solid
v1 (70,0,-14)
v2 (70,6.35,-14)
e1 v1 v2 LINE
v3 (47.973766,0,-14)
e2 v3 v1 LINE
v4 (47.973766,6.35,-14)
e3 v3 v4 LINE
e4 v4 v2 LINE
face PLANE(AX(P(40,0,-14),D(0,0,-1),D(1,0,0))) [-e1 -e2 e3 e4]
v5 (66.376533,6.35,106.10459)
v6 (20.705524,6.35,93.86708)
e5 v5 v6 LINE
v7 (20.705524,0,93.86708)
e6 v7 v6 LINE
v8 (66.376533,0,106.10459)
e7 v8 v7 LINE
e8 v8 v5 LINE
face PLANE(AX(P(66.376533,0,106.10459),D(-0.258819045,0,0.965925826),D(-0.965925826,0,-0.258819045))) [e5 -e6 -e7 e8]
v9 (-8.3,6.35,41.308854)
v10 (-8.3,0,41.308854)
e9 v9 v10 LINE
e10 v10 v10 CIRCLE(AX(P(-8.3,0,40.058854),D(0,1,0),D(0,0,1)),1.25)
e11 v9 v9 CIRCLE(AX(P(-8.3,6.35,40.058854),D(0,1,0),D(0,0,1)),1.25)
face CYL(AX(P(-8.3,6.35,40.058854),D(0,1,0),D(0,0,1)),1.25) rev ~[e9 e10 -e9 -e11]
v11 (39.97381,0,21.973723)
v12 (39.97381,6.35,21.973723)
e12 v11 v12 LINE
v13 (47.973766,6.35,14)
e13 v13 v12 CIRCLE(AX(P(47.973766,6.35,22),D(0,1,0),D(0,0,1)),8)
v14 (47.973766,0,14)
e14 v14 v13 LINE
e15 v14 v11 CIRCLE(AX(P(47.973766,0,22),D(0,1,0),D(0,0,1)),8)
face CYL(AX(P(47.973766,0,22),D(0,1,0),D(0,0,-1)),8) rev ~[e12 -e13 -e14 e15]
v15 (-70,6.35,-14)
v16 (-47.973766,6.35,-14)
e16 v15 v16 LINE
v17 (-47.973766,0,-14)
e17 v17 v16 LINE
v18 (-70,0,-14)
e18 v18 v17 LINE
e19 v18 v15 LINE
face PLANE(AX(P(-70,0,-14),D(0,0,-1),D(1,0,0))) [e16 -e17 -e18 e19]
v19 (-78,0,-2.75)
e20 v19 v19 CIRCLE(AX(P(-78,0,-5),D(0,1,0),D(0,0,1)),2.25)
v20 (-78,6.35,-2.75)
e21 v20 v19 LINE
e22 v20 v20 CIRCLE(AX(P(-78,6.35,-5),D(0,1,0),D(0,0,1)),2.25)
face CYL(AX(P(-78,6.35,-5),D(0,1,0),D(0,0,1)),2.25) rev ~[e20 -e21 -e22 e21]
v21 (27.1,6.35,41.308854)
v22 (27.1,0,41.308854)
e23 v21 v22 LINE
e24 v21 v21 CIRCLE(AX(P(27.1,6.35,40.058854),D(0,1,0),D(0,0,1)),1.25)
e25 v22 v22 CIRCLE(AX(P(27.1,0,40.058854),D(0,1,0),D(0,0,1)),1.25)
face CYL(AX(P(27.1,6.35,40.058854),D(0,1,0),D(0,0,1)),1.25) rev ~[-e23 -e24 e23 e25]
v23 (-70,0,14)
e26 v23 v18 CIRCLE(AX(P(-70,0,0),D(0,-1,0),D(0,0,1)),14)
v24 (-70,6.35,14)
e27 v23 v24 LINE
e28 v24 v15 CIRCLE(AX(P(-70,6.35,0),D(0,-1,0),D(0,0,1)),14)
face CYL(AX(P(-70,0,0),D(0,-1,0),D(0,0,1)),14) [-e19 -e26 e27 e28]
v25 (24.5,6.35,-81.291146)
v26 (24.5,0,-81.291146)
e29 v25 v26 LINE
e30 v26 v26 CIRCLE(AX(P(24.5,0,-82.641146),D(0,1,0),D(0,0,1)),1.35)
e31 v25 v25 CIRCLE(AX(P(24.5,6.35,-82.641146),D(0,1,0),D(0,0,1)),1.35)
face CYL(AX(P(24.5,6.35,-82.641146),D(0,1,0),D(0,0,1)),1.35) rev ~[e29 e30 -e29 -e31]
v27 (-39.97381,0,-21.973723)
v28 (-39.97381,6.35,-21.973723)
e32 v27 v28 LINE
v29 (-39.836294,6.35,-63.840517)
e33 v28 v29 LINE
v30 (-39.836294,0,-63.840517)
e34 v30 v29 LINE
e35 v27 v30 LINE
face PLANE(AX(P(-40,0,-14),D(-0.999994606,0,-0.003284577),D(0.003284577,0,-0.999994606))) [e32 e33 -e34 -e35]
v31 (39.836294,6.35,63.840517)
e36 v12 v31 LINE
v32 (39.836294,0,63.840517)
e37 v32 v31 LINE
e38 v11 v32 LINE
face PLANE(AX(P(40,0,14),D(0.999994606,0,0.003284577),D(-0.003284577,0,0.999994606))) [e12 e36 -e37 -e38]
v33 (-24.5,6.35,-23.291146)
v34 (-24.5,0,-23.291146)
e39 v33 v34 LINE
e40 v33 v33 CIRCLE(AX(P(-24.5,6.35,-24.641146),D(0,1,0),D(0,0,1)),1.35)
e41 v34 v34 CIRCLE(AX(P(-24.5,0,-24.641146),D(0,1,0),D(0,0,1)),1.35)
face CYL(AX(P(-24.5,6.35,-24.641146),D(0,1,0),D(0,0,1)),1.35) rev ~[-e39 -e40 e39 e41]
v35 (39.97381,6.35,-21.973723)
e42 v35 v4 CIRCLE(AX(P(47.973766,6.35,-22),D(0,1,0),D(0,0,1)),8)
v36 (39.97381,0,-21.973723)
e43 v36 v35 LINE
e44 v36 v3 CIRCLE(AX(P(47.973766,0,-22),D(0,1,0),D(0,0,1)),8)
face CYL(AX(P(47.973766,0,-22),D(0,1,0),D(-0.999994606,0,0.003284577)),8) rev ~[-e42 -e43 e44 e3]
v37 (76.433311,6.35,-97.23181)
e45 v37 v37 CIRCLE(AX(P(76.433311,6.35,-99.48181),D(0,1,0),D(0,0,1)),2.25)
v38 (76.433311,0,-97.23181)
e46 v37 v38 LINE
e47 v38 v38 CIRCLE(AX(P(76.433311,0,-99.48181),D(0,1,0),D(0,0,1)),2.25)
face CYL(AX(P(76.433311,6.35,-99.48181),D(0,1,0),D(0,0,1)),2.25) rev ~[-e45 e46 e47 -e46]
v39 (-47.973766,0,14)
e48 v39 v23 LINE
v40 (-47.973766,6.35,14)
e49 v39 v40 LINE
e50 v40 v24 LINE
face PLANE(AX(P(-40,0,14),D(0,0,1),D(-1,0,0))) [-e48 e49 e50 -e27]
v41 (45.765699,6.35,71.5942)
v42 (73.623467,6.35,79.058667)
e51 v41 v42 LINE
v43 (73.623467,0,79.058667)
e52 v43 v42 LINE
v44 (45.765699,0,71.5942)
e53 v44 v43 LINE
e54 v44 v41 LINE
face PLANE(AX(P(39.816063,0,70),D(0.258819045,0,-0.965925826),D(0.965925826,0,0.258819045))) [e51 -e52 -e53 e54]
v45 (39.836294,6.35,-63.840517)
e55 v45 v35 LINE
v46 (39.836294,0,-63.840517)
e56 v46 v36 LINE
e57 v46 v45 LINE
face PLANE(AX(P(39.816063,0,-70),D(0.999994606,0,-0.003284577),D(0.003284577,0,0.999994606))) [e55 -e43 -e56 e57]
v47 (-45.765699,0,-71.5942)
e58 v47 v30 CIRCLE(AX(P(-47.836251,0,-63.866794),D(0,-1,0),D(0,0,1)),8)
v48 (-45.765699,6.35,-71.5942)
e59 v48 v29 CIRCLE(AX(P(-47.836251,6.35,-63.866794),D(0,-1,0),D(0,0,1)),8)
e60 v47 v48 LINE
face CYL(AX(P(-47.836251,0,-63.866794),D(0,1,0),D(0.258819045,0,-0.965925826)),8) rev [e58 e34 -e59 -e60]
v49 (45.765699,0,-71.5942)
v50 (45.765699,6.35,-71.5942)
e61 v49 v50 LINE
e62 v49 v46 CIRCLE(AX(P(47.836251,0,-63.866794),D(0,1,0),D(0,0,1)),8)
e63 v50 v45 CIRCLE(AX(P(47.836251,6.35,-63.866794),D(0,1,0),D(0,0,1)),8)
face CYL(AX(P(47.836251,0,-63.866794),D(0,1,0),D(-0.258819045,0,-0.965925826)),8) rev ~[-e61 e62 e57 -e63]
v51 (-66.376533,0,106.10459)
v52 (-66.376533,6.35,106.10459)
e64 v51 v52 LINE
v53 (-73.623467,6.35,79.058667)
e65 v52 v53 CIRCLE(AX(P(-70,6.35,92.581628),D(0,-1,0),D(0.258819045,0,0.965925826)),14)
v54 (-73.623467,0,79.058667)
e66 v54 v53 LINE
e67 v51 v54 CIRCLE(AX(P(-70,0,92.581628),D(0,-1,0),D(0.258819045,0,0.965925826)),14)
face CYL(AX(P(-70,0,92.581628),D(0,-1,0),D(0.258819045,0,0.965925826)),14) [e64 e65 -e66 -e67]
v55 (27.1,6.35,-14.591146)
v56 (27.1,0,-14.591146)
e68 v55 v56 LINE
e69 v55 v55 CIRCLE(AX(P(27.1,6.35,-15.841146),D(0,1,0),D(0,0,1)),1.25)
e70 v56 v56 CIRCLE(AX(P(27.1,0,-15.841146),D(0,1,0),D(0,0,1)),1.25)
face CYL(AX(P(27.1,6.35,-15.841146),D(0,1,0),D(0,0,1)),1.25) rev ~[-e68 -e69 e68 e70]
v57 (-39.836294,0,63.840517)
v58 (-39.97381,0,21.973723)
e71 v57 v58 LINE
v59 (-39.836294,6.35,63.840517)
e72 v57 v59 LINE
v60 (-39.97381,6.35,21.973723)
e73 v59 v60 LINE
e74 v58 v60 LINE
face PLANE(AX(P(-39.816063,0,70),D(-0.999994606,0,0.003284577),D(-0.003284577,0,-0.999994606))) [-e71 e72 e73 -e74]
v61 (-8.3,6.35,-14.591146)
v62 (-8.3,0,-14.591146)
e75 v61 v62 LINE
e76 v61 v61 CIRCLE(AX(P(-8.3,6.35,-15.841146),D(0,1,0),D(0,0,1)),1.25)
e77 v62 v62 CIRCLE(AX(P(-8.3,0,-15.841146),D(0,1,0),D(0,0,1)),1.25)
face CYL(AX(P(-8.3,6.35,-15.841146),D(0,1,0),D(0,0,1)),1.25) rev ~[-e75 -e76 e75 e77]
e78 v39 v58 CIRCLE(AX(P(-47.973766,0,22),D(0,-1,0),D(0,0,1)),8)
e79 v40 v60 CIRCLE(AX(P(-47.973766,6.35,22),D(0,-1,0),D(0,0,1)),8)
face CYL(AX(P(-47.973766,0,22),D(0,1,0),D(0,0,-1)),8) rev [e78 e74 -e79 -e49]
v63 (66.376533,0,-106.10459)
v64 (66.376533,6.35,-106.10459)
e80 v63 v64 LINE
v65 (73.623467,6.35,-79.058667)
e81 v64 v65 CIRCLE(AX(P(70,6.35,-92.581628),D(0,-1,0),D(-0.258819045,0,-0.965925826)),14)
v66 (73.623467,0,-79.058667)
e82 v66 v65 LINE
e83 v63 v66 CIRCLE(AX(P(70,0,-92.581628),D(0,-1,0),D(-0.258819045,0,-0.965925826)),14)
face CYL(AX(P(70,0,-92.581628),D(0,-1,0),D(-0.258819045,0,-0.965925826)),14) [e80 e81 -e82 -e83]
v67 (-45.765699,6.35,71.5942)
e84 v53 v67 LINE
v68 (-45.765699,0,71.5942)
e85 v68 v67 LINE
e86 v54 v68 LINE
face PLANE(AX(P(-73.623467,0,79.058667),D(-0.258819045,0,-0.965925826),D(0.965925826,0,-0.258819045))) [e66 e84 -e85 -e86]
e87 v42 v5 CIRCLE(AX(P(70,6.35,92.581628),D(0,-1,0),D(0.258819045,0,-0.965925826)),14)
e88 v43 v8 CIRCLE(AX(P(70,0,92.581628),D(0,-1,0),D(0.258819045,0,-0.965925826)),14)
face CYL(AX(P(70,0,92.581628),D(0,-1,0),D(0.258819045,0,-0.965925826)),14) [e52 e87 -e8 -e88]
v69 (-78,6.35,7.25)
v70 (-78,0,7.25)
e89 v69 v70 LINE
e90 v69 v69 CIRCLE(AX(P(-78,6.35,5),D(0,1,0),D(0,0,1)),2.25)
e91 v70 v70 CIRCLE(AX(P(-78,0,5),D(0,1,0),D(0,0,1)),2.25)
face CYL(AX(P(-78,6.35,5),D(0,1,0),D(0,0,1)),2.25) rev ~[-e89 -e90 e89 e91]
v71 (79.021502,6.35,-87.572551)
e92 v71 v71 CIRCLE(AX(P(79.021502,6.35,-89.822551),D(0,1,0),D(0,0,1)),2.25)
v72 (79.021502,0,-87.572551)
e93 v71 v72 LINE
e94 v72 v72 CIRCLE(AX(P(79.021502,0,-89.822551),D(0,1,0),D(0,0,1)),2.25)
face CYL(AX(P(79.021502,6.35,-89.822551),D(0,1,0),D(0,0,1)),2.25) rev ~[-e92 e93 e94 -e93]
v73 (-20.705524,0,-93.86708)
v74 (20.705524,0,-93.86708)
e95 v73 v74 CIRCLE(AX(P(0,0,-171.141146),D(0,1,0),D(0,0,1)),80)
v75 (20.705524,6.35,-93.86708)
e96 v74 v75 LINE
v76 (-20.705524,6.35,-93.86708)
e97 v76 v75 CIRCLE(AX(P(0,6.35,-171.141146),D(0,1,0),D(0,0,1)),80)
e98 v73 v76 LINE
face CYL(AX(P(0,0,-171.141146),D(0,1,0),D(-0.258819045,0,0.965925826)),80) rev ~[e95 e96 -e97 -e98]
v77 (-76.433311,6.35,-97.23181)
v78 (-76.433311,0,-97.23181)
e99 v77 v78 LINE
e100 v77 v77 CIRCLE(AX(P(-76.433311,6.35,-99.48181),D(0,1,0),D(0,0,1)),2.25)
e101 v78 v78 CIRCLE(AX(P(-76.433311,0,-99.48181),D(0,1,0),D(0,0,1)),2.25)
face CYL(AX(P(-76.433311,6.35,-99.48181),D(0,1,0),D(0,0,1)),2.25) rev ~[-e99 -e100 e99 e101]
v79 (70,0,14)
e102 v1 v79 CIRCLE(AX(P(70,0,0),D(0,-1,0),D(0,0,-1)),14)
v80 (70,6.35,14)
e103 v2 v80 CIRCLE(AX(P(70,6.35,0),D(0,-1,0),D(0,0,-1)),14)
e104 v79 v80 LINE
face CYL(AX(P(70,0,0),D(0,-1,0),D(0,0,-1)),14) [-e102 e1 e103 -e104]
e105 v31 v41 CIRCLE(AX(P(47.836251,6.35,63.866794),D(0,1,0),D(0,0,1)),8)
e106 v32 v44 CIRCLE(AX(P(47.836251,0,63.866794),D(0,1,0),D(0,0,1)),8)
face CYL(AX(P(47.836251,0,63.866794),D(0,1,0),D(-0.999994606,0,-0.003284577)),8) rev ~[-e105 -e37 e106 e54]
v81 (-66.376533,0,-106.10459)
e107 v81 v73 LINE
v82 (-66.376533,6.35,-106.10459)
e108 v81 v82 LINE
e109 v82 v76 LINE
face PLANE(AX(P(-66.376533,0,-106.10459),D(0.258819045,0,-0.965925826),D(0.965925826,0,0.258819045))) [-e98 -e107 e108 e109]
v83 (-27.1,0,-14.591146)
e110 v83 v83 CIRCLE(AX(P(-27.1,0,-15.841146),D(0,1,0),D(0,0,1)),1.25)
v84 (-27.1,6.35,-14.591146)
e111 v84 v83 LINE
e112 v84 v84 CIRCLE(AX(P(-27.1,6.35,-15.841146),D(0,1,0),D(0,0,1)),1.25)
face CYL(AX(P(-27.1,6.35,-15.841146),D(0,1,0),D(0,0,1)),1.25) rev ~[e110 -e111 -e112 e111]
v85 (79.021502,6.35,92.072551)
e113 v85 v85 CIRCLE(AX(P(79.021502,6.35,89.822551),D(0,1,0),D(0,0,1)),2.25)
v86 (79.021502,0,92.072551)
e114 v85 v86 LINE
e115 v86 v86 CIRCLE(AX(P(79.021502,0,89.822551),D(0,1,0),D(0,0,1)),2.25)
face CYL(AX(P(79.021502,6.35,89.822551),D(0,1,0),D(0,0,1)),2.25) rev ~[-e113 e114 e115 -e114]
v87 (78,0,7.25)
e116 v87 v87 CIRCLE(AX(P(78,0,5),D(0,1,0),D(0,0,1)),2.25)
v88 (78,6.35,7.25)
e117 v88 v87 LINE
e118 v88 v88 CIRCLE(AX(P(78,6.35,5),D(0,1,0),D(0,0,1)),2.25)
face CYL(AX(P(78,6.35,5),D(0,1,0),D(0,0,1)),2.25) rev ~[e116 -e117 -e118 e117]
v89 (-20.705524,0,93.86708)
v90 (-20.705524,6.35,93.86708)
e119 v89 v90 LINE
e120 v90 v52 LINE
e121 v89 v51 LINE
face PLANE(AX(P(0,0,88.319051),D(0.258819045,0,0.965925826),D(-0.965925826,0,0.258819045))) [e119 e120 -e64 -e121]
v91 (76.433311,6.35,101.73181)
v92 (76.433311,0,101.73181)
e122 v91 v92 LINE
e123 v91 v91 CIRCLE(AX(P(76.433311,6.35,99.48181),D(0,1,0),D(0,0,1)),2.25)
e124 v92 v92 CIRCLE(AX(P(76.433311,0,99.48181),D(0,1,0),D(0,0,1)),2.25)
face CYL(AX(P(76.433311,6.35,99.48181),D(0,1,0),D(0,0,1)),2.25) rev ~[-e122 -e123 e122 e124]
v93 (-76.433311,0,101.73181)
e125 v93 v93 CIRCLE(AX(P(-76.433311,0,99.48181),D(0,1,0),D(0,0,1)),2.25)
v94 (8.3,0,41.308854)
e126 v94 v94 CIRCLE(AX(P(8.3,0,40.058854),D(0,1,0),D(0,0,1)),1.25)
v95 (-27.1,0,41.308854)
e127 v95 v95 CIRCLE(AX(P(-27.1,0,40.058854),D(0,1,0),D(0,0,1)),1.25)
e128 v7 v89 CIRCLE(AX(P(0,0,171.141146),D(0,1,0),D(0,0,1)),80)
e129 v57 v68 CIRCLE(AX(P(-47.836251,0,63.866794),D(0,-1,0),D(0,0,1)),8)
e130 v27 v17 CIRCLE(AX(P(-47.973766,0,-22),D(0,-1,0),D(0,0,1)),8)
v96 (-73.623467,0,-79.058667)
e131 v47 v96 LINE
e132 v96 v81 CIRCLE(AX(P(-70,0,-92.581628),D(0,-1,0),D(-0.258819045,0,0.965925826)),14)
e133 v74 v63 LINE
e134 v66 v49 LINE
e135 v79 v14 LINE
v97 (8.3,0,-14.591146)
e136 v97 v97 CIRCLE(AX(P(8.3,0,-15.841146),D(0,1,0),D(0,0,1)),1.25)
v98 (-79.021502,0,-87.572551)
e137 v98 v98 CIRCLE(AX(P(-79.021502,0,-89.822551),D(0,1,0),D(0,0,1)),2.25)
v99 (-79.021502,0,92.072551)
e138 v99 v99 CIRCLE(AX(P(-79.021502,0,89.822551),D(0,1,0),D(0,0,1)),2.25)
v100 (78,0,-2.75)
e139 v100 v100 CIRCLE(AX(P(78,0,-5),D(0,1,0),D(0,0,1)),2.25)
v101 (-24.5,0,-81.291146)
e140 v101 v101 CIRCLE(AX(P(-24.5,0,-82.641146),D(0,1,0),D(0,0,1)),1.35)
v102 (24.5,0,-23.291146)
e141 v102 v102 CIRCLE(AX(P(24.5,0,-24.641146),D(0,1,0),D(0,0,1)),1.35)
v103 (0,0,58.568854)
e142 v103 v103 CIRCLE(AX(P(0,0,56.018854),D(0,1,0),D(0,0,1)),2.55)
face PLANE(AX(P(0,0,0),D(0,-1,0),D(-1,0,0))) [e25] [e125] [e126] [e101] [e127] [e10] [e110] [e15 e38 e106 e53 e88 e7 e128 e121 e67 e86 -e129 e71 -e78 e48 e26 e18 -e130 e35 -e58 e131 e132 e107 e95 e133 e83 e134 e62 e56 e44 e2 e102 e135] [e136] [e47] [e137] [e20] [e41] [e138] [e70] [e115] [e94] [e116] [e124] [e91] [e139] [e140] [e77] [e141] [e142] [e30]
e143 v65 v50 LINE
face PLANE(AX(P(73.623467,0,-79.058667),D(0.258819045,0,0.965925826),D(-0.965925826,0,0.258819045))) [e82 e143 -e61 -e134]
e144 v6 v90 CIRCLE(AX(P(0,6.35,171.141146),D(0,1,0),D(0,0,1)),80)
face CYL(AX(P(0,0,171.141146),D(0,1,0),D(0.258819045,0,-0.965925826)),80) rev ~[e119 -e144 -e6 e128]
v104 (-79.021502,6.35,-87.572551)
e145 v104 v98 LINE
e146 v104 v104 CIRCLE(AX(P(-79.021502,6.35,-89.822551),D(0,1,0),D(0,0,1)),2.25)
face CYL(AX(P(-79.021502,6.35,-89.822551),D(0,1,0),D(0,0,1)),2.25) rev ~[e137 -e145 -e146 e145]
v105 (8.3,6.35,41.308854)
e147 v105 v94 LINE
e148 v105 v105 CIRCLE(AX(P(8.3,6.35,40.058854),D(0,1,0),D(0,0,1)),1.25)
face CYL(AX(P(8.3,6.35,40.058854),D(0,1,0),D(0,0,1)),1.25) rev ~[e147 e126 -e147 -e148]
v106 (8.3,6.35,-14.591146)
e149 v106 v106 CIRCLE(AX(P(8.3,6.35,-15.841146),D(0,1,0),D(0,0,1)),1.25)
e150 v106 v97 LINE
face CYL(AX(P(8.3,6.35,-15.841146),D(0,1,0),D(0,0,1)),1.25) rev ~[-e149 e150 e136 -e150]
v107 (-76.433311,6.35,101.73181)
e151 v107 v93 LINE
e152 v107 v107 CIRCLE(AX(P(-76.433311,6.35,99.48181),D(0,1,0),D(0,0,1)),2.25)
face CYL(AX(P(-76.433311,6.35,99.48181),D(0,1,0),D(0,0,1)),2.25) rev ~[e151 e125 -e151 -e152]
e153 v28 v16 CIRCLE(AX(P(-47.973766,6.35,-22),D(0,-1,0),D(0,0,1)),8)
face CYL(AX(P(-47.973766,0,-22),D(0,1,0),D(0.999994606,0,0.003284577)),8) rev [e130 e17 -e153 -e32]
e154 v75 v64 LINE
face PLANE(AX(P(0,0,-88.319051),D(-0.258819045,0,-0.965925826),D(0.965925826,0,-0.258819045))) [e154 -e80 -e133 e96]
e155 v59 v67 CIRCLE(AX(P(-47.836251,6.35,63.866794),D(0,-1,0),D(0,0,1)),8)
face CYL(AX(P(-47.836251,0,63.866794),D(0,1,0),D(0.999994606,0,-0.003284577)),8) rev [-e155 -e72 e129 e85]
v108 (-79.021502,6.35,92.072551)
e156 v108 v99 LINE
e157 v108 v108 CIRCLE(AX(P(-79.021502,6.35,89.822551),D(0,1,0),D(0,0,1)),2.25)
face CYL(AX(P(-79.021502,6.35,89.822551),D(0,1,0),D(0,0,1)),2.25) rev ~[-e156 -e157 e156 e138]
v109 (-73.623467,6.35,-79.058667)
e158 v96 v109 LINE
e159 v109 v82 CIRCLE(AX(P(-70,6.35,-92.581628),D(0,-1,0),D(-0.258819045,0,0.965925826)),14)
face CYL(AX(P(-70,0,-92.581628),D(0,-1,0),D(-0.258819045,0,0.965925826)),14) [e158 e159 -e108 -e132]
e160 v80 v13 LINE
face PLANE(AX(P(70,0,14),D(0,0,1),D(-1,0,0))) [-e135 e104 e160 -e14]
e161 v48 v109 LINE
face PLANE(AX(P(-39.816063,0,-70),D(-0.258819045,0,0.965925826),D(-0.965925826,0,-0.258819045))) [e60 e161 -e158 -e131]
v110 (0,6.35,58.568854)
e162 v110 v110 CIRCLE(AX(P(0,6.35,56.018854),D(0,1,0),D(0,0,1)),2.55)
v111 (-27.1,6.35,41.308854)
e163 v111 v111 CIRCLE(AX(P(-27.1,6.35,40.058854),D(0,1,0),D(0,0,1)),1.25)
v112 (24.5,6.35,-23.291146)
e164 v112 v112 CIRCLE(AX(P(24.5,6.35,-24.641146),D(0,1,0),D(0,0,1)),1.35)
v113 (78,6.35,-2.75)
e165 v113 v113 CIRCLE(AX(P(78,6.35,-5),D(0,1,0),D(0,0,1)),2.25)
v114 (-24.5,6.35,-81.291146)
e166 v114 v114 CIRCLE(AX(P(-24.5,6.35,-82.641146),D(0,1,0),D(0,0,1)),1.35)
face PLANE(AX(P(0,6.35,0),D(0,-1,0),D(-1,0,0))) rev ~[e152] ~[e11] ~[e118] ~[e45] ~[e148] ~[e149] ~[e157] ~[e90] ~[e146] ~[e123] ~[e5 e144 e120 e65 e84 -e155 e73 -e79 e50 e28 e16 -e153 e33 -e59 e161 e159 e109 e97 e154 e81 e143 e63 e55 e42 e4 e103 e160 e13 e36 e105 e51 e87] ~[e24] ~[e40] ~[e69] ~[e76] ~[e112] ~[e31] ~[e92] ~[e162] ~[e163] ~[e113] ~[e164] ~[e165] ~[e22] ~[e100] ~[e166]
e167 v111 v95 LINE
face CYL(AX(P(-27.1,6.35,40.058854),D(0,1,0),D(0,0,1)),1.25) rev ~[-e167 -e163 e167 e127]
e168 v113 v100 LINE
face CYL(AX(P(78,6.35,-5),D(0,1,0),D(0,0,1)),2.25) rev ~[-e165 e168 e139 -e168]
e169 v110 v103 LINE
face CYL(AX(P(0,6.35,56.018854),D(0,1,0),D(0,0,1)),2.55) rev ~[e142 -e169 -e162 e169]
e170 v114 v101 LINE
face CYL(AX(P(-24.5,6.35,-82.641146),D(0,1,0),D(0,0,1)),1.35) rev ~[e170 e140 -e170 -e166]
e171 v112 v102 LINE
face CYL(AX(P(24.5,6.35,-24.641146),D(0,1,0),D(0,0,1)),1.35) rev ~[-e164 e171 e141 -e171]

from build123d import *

# Parameters (mm, degrees)
BOSS_EXTRUDE1_DEPTH = 6.35
FILLET1_R           = 80
FILLET2_R           = 8
SKETCH2_R           = 1.35
CUT_EXTRUDE1_DEPTH  = 136.852736293
SKETCH3_R           = 1.25
CUT_EXTRUDE2_DEPTH  = 136.852736293
SKETCH5_R           = 2.55
CUT_EXTRUDE3_DEPTH  = 136.852736293
SKETCH7_R           = 2.25
CUT_EXTRUDE4_DEPTH  = 10


with BuildPart() as part:
    # Sketch1 → Boss-Extrude1 (new body)
    with BuildSketch(Plane(origin=(0, 0, 0), x_dir=(1, 0, 0), z_dir=(0, 1, 0))):
        with BuildLine():
            Line((-70, 14), (-40, 14))
            Line((-40, 14), (-39.816062711, 70))
            Line((-39.816062711, 70), (-73.623466631, 79.058666579))
            ThreePointArc((-73.623466631, 79.058666579), (-83.522961568, 96.205094778), (-66.376533369, 106.104589715))
            Line((-66.376533369, 106.104589715), (0, 88.319051202))
            Line((0, 88.319051202), (66.376533369, 106.104589715))
            ThreePointArc((66.376533369, 106.104589715), (83.522961568, 96.205094778), (73.623466631, 79.058666579))
            Line((73.623466631, 79.058666579), (39.816062711, 70))
            Line((39.816062711, 70), (40, 14))
            Line((40, 14), (70, 14))
            ThreePointArc((70, 14), (84, 0), (70, -14))
            Line((70, -14), (40, -14))
            Line((40, -14), (39.816062711, -70))
            Line((39.816062711, -70), (73.623466631, -79.058666579))
            ThreePointArc((73.623466631, -79.058666579), (83.522961568, -96.205094778), (66.376533369, -106.104589715))
            Line((66.376533369, -106.104589715), (0, -88.319051202))
            Line((0, -88.319051202), (-66.376533369, -106.104589715))
            ThreePointArc((-66.376533369, -106.104589715), (-83.522961568, -96.205094778), (-73.623466631, -79.058666579))
            Line((-73.623466631, -79.058666579), (-39.816062711, -70))
            Line((-39.816062711, -70), (-40, -14))
            Line((-40, -14), (-70, -14))
            ThreePointArc((-70, -14), (-84, 0), (-70, 14))
        make_face()
    extrude(amount=BOSS_EXTRUDE1_DEPTH)

    # Fillet1
    fillet1_edges = [part.edges().sort_by_distance(p)[0] for p in [
        (0, 3.175, -88.319051202),
        (0, 3.175, 88.319051202),
    ]]
    fillet(fillet1_edges, radius=FILLET1_R)

    # Fillet2
    fillet2_edges = [part.edges().sort_by_distance(p)[0] for p in [
        (-40, 3.175, -14),
        (-39.816062711, 3.175, -70),
        (39.816062711, 3.175, -70),
        (40, 3.175, -14),
        (40, 3.175, 14),
        (39.816062711, 3.175, 70),
        (-39.816062711, 3.175, 70),
        (-40, 3.175, 14),
    ]]
    fillet(fillet2_edges, radius=FILLET2_R)

    # Sketch2 → Cut-Extrude1 (cut, through all)
    with BuildSketch(Plane(origin=(0, 6.35, 0), x_dir=(1, 0, 0), z_dir=(0, 1, 0))):
        with Locations(Location((-24.5, 24.641145635, 0), (0, 0, 270))):
            Circle(SKETCH2_R)
        with Locations(Location((24.5, 24.641145635, 0), (0, 0, 270))):
            Circle(SKETCH2_R)
        with Locations(Location((24.5, 82.641145635, 0), (0, 0, 270))):
            Circle(SKETCH2_R)
        with Locations(Location((-24.5, 82.641145635, 0), (0, 0, 270))):
            Circle(SKETCH2_R)
    extrude(amount=-CUT_EXTRUDE1_DEPTH, mode=Mode.SUBTRACT)

    # Sketch3 → Cut-Extrude2 (cut, through all)
    with BuildSketch(Plane(origin=(0, 6.35, 0), x_dir=(1, 0, 0), z_dir=(0, 1, 0))):
        with Locations(Location((-8.3, -40.058854365, 0), (0, 0, 270))):
            Circle(SKETCH3_R)
        with Locations(Location((-27.1, -40.058854365, 0), (0, 0, 270))):
            Circle(SKETCH3_R)
        with Locations(Location((-27.1, 15.841145635, 0), (0, 0, 270))):
            Circle(SKETCH3_R)
        with Locations(Location((-8.3, 15.841145635, 0), (0, 0, 270))):
            Circle(SKETCH3_R)
        with Locations(Location((8.3, 15.841145635, 0), (0, 0, 270))):
            Circle(SKETCH3_R)
        with Locations(Location((27.1, 15.841145635, 0), (0, 0, 270))):
            Circle(SKETCH3_R)
        with Locations(Location((8.3, -40.058854365, 0), (0, 0, 270))):
            Circle(SKETCH3_R)
        with Locations(Location((27.1, -40.058854365, 0), (0, 0, 270))):
            Circle(SKETCH3_R)
    extrude(amount=-CUT_EXTRUDE2_DEPTH, mode=Mode.SUBTRACT)

    # Sketch5 → Cut-Extrude3 (cut, through all)
    with BuildSketch(Plane(origin=(0, 6.35, 0), x_dir=(1, 0, 0), z_dir=(0, 1, 0))):
        with Locations(Location((0, -56.018854365, 0), (0, 0, 270))):
            Circle(SKETCH5_R)
    extrude(amount=-CUT_EXTRUDE3_DEPTH, mode=Mode.SUBTRACT)

    # Sketch7 → Cut-Extrude4 (cut)
    with BuildSketch(Plane(origin=(0, 6.35, 0), x_dir=(1, 0, 0), z_dir=(0, 1, 0))):
        with Locations(Location((-76.433311385, -99.481809639, 0), (0, 0, 270))):
            Circle(SKETCH7_R)
        with Locations(Location((-79.021501836, -89.822551376, 0), (0, 0, 270))):
            Circle(SKETCH7_R)
        with Locations(Location((-78, -5, 0), (0, 0, 270))):
            Circle(SKETCH7_R)
        with Locations(Location((-78, 5, 0), (0, 0, 270))):
            Circle(SKETCH7_R)
        with Locations(Location((-79.021501836, 89.822551376, 0), (0, 0, 270))):
            Circle(SKETCH7_R)
        with Locations(Location((-76.433311385, 99.481809639, 0), (0, 0, 270))):
            Circle(SKETCH7_R)
        with Locations(Location((79.021501836, 89.822551376, 0), (0, 0, 270))):
            Circle(SKETCH7_R)
        with Locations(Location((76.433311385, 99.481809639, 0), (0, 0, 270))):
            Circle(SKETCH7_R)
        with Locations(Location((78, -5, 0), (0, 0, 270))):
            Circle(SKETCH7_R)
        with Locations(Location((78, 5, 0), (0, 0, 270))):
            Circle(SKETCH7_R)
        with Locations(Location((79.021501836, -89.822551376, 0), (0, 0, 270))):
            Circle(SKETCH7_R)
        with Locations(Location((76.433311385, -99.481809639, 0), (0, 0, 270))):
            Circle(SKETCH7_R)
    extrude(amount=-CUT_EXTRUDE4_DEPTH, mode=Mode.SUBTRACT)


solid = part.part
